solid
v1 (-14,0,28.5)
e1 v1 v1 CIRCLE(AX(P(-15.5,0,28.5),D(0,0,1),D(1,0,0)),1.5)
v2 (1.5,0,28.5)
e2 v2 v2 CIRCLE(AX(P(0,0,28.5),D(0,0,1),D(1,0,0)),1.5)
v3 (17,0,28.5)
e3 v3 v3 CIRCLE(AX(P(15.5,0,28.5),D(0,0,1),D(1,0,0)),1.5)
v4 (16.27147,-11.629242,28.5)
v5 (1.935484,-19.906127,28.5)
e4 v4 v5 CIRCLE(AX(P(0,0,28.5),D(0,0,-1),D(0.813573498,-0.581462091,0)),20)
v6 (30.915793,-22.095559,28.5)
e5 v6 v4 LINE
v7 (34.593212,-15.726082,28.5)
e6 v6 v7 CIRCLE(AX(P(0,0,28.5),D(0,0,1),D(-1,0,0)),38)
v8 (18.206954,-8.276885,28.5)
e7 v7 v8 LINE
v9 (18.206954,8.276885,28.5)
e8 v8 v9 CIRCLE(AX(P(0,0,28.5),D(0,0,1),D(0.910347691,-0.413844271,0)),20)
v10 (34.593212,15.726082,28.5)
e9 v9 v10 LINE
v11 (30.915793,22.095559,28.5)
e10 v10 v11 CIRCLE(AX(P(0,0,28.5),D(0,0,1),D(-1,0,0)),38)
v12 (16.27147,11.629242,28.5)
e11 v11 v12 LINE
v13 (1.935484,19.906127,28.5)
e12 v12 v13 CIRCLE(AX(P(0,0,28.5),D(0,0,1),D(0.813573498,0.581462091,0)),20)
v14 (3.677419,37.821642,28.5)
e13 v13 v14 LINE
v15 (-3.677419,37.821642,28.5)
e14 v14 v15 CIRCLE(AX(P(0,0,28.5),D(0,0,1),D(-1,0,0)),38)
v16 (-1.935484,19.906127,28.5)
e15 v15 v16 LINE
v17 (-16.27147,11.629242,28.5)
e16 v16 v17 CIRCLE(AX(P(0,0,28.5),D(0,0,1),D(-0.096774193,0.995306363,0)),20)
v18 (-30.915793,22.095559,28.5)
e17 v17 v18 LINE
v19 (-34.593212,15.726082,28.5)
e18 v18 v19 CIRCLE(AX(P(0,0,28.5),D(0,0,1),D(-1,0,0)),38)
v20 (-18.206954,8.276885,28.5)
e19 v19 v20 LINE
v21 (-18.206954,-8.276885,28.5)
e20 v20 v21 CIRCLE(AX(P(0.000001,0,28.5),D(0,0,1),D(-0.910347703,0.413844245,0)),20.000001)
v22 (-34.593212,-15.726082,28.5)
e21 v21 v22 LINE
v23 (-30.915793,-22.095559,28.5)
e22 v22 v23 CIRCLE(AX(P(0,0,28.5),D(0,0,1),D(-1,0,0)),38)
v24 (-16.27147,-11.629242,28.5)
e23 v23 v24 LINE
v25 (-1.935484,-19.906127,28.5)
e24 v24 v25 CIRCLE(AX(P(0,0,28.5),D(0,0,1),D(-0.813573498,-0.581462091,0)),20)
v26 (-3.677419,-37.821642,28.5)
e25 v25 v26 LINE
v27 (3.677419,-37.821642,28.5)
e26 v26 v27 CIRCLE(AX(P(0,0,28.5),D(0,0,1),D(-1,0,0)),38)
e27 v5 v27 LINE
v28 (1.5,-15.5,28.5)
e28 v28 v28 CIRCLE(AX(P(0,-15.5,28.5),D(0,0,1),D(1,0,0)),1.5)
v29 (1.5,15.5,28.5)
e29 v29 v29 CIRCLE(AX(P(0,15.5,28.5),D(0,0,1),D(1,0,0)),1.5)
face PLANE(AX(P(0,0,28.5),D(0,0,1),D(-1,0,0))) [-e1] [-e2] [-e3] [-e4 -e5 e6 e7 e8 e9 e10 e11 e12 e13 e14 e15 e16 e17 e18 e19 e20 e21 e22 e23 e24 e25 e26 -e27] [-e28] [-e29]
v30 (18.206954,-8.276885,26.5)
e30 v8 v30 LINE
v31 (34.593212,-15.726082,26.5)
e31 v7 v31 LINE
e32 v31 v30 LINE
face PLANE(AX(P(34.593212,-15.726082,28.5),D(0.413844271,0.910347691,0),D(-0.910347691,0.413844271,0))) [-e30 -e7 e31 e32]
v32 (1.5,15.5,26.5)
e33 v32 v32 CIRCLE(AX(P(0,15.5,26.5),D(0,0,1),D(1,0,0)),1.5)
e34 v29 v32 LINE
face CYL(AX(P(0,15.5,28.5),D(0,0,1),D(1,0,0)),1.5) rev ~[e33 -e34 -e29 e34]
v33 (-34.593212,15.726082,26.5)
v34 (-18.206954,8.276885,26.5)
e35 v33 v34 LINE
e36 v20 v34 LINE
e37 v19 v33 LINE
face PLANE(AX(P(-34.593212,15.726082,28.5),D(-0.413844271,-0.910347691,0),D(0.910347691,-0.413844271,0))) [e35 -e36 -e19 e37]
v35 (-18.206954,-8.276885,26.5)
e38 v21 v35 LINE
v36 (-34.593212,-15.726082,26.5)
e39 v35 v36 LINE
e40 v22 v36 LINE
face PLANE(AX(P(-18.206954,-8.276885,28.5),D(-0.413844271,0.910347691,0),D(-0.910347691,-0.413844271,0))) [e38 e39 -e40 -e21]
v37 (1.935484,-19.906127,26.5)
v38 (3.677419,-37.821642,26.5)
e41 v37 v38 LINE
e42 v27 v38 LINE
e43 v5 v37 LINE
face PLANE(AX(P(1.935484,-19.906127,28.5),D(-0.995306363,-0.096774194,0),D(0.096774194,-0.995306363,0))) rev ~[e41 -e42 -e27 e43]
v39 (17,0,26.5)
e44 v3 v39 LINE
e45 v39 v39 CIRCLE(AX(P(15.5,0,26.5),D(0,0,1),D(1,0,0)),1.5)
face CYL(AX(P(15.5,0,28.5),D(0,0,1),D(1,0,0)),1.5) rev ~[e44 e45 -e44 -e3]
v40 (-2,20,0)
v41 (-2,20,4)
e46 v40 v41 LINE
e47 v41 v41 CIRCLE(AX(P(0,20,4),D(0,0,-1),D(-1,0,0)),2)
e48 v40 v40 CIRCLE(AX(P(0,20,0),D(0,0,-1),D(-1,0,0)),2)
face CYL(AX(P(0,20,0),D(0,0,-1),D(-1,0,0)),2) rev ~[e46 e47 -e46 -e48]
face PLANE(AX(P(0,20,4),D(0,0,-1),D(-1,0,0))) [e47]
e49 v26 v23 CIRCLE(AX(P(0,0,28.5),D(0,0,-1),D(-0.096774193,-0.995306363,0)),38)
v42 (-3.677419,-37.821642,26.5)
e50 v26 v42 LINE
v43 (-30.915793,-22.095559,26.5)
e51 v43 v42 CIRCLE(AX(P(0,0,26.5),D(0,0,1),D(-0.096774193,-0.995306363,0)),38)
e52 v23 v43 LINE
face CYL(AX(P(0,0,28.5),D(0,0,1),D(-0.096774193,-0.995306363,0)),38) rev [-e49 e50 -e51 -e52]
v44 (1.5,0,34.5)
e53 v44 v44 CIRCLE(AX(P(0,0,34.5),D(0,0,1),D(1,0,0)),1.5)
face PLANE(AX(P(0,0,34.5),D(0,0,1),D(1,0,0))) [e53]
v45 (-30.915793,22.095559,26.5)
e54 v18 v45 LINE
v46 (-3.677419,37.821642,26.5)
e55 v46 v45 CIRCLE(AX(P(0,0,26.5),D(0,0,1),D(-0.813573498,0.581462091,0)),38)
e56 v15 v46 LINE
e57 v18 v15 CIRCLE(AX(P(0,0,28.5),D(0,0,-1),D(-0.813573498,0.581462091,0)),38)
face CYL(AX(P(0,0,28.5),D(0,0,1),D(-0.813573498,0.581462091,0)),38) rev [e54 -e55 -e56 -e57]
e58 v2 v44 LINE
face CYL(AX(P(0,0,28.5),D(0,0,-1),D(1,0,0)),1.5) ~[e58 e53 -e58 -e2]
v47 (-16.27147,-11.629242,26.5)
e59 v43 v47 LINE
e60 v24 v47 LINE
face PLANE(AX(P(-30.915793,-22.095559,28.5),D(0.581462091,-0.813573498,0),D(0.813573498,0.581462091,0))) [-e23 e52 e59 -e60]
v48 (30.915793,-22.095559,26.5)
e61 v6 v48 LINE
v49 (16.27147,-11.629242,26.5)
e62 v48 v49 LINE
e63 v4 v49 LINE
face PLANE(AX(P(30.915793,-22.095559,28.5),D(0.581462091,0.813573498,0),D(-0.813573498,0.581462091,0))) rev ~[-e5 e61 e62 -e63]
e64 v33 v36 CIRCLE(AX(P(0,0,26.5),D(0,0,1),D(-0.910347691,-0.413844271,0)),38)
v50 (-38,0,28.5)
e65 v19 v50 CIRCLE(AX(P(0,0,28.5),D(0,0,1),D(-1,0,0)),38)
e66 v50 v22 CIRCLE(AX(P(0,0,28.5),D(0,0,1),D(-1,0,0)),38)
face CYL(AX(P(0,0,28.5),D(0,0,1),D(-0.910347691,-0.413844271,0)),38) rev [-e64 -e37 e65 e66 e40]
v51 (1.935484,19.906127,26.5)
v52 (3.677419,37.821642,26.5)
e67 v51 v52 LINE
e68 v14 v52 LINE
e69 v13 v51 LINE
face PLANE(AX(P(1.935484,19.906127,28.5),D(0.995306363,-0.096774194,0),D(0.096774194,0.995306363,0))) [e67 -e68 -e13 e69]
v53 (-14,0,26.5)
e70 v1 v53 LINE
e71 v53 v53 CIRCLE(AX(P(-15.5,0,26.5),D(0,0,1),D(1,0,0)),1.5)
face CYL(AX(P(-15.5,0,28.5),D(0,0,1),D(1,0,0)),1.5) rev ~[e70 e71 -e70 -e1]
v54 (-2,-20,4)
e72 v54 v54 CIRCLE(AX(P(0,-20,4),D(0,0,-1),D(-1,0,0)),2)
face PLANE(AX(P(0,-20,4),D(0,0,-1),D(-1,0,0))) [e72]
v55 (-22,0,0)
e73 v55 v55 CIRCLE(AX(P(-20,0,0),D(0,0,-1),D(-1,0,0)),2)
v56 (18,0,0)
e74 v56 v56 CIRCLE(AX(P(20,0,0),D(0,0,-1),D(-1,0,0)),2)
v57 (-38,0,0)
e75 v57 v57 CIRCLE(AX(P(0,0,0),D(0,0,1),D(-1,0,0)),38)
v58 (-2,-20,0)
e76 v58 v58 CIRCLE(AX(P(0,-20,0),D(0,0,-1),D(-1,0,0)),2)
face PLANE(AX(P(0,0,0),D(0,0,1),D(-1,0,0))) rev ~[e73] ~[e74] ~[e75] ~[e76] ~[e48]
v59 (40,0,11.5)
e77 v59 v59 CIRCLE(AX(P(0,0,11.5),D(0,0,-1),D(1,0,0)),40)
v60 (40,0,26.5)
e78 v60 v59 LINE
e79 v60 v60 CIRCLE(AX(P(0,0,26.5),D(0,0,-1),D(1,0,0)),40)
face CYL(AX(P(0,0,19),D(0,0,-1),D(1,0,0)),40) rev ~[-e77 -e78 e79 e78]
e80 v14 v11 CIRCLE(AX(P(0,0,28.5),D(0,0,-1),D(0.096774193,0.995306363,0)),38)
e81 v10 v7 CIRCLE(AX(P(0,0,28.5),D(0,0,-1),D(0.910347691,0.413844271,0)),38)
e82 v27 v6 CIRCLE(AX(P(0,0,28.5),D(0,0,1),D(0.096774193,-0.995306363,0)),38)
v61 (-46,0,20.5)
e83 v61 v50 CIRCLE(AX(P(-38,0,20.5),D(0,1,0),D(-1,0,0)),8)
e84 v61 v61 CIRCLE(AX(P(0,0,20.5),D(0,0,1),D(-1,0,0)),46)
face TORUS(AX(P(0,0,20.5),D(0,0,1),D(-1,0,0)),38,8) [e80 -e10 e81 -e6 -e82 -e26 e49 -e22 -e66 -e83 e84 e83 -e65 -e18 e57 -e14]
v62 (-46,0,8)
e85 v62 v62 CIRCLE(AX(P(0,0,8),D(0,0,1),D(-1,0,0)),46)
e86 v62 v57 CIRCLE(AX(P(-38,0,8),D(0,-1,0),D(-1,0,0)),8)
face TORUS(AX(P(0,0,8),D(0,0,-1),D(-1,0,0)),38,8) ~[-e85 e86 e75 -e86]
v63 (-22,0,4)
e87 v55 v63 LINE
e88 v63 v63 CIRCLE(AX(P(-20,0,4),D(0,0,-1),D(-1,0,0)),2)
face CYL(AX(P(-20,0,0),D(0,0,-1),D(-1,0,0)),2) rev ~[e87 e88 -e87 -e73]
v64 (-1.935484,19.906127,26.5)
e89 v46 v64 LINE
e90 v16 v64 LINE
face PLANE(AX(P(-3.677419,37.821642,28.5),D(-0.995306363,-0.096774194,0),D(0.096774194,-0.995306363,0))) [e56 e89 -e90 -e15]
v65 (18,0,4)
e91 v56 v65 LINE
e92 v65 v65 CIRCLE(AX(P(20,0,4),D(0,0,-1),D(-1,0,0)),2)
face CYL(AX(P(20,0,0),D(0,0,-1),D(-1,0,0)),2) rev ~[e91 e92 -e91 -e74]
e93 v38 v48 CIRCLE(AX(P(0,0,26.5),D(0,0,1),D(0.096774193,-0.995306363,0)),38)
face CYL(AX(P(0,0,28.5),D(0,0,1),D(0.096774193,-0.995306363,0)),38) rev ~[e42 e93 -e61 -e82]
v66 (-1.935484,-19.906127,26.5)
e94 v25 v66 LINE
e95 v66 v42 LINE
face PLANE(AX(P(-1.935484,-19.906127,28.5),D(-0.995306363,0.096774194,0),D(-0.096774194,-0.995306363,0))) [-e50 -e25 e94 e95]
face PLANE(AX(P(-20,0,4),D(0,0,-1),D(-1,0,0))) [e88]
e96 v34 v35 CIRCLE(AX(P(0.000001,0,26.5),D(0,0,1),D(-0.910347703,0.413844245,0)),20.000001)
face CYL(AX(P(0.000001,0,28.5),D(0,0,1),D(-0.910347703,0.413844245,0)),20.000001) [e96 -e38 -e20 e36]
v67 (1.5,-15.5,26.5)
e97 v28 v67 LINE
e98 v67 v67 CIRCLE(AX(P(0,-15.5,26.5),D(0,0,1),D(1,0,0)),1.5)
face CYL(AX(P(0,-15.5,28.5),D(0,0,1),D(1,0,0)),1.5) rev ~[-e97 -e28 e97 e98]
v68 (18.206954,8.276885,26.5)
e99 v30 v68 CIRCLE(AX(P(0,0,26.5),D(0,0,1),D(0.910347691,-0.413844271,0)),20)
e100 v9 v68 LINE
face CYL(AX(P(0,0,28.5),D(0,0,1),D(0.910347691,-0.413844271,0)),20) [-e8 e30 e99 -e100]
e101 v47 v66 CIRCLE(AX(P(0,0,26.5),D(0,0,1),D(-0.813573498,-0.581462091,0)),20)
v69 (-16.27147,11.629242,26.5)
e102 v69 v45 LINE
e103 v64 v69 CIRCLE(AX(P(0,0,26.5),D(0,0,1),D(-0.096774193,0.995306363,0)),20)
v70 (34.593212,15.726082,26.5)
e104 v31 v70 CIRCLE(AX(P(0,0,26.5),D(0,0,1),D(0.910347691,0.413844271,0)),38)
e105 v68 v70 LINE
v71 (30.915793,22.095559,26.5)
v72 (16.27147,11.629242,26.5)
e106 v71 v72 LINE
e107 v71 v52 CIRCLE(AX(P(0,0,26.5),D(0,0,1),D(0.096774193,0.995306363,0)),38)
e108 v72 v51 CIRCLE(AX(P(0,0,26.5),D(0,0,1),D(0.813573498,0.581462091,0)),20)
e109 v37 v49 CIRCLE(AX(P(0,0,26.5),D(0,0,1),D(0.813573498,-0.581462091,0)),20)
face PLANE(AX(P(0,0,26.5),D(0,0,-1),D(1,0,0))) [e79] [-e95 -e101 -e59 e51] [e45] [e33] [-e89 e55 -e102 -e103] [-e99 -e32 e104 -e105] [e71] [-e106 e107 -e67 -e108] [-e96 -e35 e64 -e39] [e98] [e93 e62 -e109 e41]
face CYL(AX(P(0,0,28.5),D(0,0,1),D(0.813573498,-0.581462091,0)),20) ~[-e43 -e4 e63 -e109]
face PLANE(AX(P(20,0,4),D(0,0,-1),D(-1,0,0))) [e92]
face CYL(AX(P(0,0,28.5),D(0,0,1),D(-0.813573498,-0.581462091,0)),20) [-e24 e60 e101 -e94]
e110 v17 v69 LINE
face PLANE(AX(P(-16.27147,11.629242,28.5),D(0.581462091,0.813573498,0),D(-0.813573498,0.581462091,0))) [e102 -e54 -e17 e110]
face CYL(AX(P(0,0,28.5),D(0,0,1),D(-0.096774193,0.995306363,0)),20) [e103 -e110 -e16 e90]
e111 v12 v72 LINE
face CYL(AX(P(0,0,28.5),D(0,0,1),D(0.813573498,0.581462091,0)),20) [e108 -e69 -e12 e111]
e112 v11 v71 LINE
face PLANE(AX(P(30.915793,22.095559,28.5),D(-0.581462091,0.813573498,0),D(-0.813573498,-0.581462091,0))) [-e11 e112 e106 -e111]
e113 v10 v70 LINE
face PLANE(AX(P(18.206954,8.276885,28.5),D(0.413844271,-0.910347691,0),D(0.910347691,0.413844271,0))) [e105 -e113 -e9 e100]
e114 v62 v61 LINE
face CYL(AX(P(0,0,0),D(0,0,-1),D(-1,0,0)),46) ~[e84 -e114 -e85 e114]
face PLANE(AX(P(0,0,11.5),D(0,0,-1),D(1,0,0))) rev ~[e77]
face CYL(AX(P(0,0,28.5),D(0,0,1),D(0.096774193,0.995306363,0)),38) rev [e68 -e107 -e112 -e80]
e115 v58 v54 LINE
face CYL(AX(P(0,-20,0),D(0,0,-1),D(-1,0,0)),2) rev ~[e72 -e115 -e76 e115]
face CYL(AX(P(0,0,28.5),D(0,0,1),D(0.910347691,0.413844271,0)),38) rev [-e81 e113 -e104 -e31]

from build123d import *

# Parameters (mm, degrees)
SKETCH_1_R          = 46
EXTRUDE_1_DEPTH     = 28.5
FILLET_1_R          = 8
SKETCH_2_R          = 1.5
CUT_EXTRUDE_1_DEPTH = 4
SKETCH_3_R          = 1.5
EXTRUDE_2_DEPTH     = 6
SKETCH_5_R          = 2
CUT_EXTRUDE_2_DEPTH = 4
CUT_EXTRUDE_3_DEPTH = 12
SKETCH_7_W          = 40
SKETCH_7_H          = 15


with BuildPart() as part:
    # 草图1 → 凸台-拉伸1 (new body)
    with BuildSketch(Plane.XY):
        with Locations(Location((0, 0, 0), (0, 0, 180))):
            Circle(SKETCH_1_R)
    extrude(amount=EXTRUDE_1_DEPTH)

    # 圆角1
    fillet_1_edges = [part.edges().sort_by_distance(p)[0] for p in [
        (46, 0, 0),
        (46, 0, 28.5),
    ]]
    fillet(fillet_1_edges, radius=FILLET_1_R)

    # 草图2 → 切除-拉伸1 (cut)
    with BuildSketch(Plane.XY.offset(28.5)):
        with Locations((0, -15.5)):
            Circle(SKETCH_2_R)
        with Locations((-15.5, 0)):
            Circle(SKETCH_2_R)
        with Locations((0, 15.5)):
            Circle(SKETCH_2_R)
        with Locations((15.5, 0)):
            Circle(SKETCH_2_R)
    extrude(amount=-CUT_EXTRUDE_1_DEPTH, mode=Mode.SUBTRACT)

    # 草图3 → 凸台-拉伸2 (add)
    with BuildSketch(Plane.XY.offset(28.5)):
        Circle(SKETCH_3_R)
    extrude(amount=EXTRUDE_2_DEPTH)

    # 草图5 → 切除-拉伸2 (cut)
    with BuildSketch(Plane(origin=(0, 0, 0), x_dir=(-1, 0, 0), z_dir=(0, 0, -1))):
        with Locations((-20, 0)):
            Circle(SKETCH_5_R)
        with Locations((0, 20)):
            Circle(SKETCH_5_R)
        with Locations((20, 0)):
            Circle(SKETCH_5_R)
        with Locations((0, -20)):
            Circle(SKETCH_5_R)
    extrude(amount=-CUT_EXTRUDE_2_DEPTH, mode=Mode.SUBTRACT)

    # 草图6 → 切除-拉伸3 (cut)
    with BuildSketch(Plane.XY.offset(28.5)):
        with BuildLine():
            Line((-1.935483871, -19.906127252), (-3.677419355, -37.821641779))
            ThreePointArc((-3.677419355, -37.821641779), (-19, -32.908965344), (-30.915792916, -22.095559471))
            Line((-30.915792916, -22.095559471), (-16.271469956, -11.629241827))
            ThreePointArc((-16.271469956, -11.629241827), (-10, -17.320508076), (-1.935483871, -19.906127252))
        make_face()
        with BuildLine():
            Line((1.935483871, -19.906127252), (3.677419355, -37.821641779))
            ThreePointArc((3.677419355, -37.821641779), (19, -32.908965344), (30.915792916, -22.095559471))
            Line((30.915792916, -22.095559471), (16.271469956, -11.629241827))
            ThreePointArc((16.271469956, -11.629241827), (10, -17.320508076), (1.935483871, -19.906127252))
        make_face()
        with BuildLine():
            Line((-18.206953827, -8.276885425), (-34.593212271, -15.726082308))
            ThreePointArc((-34.593212271, -15.726082308), (-38, 0), (-34.593212271, 15.726082308))
            Line((-34.593212271, 15.726082308), (-18.206953827, 8.276885425))
            ThreePointArc((-18.206953827, 8.276885425), (-19.999999876, 0), (-18.206953827, -8.276885425))
        make_face()
        with BuildLine():
            Line((-16.271469956, 11.629241827), (-30.915792916, 22.095559471))
            ThreePointArc((-30.915792916, 22.095559471), (-19, 32.908965344), (-3.677419355, 37.821641779))
            Line((-3.677419355, 37.821641779), (-1.935483871, 19.906127252))
            ThreePointArc((-1.935483871, 19.906127252), (-10, 17.320508076), (-16.271469956, 11.629241827))
        make_face()
        with BuildLine():
            Line((1.935483871, 19.906127252), (3.677419355, 37.821641779))
            ThreePointArc((3.677419355, 37.821641779), (19, 32.908965344), (30.915792916, 22.095559471))
            Line((30.915792916, 22.095559471), (16.271469956, 11.629241827))
            ThreePointArc((16.271469956, 11.629241827), (10, 17.320508076), (1.935483871, 19.906127252))
        make_face()
        with BuildLine():
            Line((18.206953827, 8.276885425), (34.593212271, 15.726082308))
            ThreePointArc((34.593212271, 15.726082308), (38, 0), (34.593212271, -15.726082308))
            Line((34.593212271, -15.726082308), (18.206953827, -8.276885425))
            ThreePointArc((18.206953827, -8.276885425), (20, 0), (18.206953827, 8.276885425))
        make_face()
    extrude(amount=-CUT_EXTRUDE_3_DEPTH, mode=Mode.SUBTRACT)

    # 草图7 → 切除-旋转1 (revolve, cut)
    with BuildSketch(Plane(origin=(0, 0, 0), x_dir=(1, 0, 0), z_dir=(0, 1, 0)), mode=Mode.PRIVATE) as cut_revolve_1_sk:
        with Locations((-20, -19)):
            Rectangle(SKETCH_7_W, SKETCH_7_H)
    revolve(cut_revolve_1_sk.sketch.rotate(Axis((0, 0, 28.5), (0, 0, -1)), 180), axis=Axis((0, 0, 28.5), (0, 0, -1)), mode=Mode.SUBTRACT)


solid = part.part
